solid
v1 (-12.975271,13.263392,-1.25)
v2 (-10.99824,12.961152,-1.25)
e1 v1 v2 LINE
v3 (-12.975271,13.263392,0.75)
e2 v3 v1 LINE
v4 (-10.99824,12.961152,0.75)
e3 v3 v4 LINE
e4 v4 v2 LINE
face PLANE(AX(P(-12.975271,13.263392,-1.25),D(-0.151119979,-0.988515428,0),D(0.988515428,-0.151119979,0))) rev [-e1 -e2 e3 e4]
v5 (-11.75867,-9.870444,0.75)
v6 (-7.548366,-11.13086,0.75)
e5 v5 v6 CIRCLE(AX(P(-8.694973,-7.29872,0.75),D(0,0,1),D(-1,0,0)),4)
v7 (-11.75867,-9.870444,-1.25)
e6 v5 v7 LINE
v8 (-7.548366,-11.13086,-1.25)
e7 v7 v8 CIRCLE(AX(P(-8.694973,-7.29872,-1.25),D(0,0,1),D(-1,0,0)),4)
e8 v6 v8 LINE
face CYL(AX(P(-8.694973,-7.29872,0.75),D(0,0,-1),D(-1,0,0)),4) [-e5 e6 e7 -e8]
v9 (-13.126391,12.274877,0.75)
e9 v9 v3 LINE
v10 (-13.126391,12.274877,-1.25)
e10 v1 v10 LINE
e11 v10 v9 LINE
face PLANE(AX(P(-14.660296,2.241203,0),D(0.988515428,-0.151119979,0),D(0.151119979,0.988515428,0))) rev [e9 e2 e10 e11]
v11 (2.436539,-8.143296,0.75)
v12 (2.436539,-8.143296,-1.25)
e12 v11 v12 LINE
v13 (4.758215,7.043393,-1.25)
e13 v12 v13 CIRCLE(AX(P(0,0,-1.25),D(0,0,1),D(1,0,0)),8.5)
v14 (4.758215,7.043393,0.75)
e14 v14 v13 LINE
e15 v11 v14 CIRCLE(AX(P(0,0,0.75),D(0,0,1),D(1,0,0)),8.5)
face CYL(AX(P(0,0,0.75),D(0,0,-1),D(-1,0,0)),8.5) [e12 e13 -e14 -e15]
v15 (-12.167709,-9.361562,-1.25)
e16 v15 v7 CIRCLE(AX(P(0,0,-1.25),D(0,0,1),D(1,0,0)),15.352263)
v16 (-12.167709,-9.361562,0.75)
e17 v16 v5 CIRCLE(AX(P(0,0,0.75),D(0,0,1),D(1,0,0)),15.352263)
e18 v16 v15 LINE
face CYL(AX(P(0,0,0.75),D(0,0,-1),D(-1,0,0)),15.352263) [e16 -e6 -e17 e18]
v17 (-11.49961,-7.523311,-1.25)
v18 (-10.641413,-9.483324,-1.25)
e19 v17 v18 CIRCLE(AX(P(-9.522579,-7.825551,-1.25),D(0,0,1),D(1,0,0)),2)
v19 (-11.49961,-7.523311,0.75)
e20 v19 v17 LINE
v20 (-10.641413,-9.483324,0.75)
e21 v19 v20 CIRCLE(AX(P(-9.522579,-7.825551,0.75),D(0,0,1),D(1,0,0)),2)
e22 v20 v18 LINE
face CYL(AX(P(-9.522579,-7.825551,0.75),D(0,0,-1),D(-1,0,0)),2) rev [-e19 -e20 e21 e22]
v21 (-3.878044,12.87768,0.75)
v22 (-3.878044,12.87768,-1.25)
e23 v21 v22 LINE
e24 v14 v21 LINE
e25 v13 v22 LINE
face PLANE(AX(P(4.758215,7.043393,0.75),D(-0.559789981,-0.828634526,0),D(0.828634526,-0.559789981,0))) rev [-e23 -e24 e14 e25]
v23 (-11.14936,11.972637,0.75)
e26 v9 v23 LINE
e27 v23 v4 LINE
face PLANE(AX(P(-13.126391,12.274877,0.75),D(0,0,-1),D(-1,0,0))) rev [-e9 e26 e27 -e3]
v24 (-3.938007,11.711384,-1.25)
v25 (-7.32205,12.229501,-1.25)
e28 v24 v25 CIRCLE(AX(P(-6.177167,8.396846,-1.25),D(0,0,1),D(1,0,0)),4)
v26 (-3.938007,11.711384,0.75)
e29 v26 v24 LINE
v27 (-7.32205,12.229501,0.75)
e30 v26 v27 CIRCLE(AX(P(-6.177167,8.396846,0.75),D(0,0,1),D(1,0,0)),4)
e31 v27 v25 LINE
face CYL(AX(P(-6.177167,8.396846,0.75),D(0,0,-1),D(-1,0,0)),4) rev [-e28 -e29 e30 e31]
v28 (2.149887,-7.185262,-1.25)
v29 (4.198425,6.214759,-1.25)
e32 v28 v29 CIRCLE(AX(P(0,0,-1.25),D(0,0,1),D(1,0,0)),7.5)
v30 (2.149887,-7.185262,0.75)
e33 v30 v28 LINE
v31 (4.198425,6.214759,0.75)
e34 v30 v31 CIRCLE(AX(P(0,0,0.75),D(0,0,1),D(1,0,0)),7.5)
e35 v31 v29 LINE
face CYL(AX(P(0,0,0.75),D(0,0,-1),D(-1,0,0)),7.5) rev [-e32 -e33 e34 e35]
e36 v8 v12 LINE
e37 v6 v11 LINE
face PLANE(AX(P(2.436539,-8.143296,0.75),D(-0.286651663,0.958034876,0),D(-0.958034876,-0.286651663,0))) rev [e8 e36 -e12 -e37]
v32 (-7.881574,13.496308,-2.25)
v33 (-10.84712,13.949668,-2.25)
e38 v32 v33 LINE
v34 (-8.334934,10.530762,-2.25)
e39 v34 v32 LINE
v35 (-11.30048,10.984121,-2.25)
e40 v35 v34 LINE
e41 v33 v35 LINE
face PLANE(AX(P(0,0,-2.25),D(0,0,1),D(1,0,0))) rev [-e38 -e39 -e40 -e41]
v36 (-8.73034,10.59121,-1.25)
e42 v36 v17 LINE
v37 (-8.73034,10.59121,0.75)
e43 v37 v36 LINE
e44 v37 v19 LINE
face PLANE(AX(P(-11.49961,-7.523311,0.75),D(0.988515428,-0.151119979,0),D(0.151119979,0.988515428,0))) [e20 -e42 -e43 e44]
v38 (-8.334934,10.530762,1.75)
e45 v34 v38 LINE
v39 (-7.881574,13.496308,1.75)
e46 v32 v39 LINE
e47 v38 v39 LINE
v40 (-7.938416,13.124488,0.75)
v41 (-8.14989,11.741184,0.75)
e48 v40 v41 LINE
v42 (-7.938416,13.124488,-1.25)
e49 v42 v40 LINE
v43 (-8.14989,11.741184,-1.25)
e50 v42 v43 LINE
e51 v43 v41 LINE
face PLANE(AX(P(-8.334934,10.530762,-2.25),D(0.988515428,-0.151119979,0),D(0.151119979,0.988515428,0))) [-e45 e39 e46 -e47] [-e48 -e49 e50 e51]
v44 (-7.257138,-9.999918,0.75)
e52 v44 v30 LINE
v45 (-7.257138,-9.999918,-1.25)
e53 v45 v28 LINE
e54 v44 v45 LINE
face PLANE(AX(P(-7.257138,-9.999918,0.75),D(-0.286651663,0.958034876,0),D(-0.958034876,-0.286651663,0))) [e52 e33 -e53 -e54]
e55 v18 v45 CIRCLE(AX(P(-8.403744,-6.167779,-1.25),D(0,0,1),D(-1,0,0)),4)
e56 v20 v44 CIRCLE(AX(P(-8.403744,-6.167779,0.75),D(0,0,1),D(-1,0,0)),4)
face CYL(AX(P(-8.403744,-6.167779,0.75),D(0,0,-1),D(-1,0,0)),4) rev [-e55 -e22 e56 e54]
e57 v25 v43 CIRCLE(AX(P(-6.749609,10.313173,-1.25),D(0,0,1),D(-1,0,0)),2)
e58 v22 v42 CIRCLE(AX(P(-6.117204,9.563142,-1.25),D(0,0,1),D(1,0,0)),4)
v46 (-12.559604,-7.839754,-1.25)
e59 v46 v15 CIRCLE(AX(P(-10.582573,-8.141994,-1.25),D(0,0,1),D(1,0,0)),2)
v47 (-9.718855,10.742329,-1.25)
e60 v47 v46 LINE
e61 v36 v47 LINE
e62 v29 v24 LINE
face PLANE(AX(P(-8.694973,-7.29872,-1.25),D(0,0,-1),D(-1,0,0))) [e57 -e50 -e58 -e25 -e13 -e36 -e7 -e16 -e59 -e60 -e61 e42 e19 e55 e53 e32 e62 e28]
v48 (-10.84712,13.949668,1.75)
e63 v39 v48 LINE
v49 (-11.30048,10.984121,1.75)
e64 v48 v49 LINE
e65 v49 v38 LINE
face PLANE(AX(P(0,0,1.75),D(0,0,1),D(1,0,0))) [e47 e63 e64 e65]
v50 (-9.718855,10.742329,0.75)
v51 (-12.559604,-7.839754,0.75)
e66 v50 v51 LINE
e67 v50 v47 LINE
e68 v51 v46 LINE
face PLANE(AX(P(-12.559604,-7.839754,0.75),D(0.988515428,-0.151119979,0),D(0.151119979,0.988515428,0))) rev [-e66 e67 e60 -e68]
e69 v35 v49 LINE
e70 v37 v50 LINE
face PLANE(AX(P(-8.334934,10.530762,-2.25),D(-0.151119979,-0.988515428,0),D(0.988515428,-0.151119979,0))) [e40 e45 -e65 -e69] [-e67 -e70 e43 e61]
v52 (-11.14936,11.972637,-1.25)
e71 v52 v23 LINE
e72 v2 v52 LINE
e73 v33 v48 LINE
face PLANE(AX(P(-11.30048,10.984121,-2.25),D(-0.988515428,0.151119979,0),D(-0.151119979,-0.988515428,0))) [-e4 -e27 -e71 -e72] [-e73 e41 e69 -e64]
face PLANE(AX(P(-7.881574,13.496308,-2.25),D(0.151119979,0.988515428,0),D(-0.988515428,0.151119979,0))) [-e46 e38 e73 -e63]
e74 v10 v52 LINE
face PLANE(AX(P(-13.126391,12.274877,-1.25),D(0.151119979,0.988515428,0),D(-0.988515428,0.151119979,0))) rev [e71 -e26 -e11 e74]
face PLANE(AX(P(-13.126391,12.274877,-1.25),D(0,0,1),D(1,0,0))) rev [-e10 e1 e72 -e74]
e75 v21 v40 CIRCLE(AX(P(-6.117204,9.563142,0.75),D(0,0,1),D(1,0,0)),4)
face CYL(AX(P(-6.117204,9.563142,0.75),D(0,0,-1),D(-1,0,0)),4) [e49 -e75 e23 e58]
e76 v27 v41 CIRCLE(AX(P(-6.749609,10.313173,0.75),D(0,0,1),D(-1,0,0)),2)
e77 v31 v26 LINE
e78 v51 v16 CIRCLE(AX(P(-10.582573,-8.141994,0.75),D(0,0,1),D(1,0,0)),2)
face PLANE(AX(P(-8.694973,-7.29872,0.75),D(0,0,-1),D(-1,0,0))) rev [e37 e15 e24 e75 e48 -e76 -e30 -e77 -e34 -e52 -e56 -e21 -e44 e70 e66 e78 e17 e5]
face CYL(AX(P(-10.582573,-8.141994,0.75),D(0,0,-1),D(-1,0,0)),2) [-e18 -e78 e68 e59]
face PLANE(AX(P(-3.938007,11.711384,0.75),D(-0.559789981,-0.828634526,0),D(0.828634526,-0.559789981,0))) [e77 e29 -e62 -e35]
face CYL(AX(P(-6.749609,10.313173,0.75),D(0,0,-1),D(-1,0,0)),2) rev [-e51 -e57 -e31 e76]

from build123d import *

# Parameters (mm, degrees)
BOSS_EXTRUDE1_START      = -1.25
BOSS_EXTRUDE1_DEPTH      = 2
BOSS_EXTRUDE2_DEPTH      = 1
BOSS_EXTRUDE2_DEPTH_BACK = 3
SKETCH3_W                = 2
SKETCH3_H                = 1
BOSS_EXTRUDE3_DEPTH      = 2


with BuildPart() as part:
    # Sketch1 → Boss-Extrude1 (new body)
    with BuildSketch(Plane.XY.offset(BOSS_EXTRUDE1_START)):
        with BuildLine():
            Line((2.436539132, -8.143296449), (-7.548366257, -11.130859638))
            ThreePointArc((-7.548366257, -11.130859638), (-9.842130636, -11.130694708), (-11.758669759, -9.870443602))
            ThreePointArc((-11.758669759, -9.870443602), (-11.965894787, -9.618177235), (-12.167708806, -9.361561504))
            ThreePointArc((-12.167708806, -9.361561504), (-12.519382992, -8.640760337), (-12.559604102, -7.839753896))
            Line((-12.559604102, -7.839753896), (-9.643676177, 11.234095698))
            ThreePointArc((-9.643676177, 11.234095698), (-9.365976364, 11.986499758), (-8.815011776, 12.569309399))
            ThreePointArc((-8.815011776, 12.569309399), (-8.54574672, 12.753908592), (-8.272617255, 12.932740434))
            ThreePointArc((-8.272617255, 12.932740434), (-6.067091304, 13.562827996), (-3.87804418, 12.877680022))
            Line((-3.87804418, 12.877680022), (4.758214838, 7.043393469))
            ThreePointArc((4.758214838, 7.043393469), (8.402381141, -1.284519818), (2.436539132, -8.143296449))
        make_face()
        with BuildLine():
            Line((-7.257137668, -9.99991839), (2.149887469, -7.185261573))
            ThreePointArc((2.149887469, -7.185261573), (7.413865713, -1.133399839), (4.198424857, 6.214758943))
            Line((4.198424857, 6.214758943), (-3.938007339, 11.711383912))
            ThreePointArc((-3.938007339, 11.711383912), (-5.571798261, 12.3507715), (-7.322050422, 12.229500574))
            ThreePointArc((-7.322050422, 12.229500574), (-8.258340754, 11.626081421), (-8.726639699, 10.615413149))
            Line((-8.726639699, 10.615413149), (-11.499609723, -7.523311304))
            ThreePointArc((-11.499609723, -7.523311304), (-11.354656305, -8.627730955), (-10.641413415, -9.483323638))
            ThreePointArc((-10.641413415, -9.483323638), (-9.007335115, -10.12197642), (-7.257137668, -9.99991839))
        make_face(mode=Mode.SUBTRACT)
    extrude(amount=BOSS_EXTRUDE1_DEPTH)

    # Sketch2 → Boss-Extrude2 (add, two sides: drawn at the far end of the back side and taken through both)
    with BuildSketch(Plane.XY.offset(0.75).offset(-BOSS_EXTRUDE2_DEPTH_BACK)):
        Polygon((-8.334933677, 10.530761514), (-11.300479962, 10.98412145), (-10.847120026, 13.949667735), (-7.881573741, 13.4963078), align=None)
    extrude(amount=BOSS_EXTRUDE2_DEPTH + BOSS_EXTRUDE2_DEPTH_BACK)

    # Sketch3 → Boss-Extrude3 (add)
    with BuildSketch(Plane(origin=(-12.683264825, 1.938962867, 0), x_dir=(0, 0, 1), z_dir=(-0.9885154283423572, 0.15111997859027873, 0))):
        with Locations((-0.25, 10.65024523)):
            Rectangle(SKETCH3_W, SKETCH3_H)
    extrude(amount=BOSS_EXTRUDE3_DEPTH)


solid = part.part
